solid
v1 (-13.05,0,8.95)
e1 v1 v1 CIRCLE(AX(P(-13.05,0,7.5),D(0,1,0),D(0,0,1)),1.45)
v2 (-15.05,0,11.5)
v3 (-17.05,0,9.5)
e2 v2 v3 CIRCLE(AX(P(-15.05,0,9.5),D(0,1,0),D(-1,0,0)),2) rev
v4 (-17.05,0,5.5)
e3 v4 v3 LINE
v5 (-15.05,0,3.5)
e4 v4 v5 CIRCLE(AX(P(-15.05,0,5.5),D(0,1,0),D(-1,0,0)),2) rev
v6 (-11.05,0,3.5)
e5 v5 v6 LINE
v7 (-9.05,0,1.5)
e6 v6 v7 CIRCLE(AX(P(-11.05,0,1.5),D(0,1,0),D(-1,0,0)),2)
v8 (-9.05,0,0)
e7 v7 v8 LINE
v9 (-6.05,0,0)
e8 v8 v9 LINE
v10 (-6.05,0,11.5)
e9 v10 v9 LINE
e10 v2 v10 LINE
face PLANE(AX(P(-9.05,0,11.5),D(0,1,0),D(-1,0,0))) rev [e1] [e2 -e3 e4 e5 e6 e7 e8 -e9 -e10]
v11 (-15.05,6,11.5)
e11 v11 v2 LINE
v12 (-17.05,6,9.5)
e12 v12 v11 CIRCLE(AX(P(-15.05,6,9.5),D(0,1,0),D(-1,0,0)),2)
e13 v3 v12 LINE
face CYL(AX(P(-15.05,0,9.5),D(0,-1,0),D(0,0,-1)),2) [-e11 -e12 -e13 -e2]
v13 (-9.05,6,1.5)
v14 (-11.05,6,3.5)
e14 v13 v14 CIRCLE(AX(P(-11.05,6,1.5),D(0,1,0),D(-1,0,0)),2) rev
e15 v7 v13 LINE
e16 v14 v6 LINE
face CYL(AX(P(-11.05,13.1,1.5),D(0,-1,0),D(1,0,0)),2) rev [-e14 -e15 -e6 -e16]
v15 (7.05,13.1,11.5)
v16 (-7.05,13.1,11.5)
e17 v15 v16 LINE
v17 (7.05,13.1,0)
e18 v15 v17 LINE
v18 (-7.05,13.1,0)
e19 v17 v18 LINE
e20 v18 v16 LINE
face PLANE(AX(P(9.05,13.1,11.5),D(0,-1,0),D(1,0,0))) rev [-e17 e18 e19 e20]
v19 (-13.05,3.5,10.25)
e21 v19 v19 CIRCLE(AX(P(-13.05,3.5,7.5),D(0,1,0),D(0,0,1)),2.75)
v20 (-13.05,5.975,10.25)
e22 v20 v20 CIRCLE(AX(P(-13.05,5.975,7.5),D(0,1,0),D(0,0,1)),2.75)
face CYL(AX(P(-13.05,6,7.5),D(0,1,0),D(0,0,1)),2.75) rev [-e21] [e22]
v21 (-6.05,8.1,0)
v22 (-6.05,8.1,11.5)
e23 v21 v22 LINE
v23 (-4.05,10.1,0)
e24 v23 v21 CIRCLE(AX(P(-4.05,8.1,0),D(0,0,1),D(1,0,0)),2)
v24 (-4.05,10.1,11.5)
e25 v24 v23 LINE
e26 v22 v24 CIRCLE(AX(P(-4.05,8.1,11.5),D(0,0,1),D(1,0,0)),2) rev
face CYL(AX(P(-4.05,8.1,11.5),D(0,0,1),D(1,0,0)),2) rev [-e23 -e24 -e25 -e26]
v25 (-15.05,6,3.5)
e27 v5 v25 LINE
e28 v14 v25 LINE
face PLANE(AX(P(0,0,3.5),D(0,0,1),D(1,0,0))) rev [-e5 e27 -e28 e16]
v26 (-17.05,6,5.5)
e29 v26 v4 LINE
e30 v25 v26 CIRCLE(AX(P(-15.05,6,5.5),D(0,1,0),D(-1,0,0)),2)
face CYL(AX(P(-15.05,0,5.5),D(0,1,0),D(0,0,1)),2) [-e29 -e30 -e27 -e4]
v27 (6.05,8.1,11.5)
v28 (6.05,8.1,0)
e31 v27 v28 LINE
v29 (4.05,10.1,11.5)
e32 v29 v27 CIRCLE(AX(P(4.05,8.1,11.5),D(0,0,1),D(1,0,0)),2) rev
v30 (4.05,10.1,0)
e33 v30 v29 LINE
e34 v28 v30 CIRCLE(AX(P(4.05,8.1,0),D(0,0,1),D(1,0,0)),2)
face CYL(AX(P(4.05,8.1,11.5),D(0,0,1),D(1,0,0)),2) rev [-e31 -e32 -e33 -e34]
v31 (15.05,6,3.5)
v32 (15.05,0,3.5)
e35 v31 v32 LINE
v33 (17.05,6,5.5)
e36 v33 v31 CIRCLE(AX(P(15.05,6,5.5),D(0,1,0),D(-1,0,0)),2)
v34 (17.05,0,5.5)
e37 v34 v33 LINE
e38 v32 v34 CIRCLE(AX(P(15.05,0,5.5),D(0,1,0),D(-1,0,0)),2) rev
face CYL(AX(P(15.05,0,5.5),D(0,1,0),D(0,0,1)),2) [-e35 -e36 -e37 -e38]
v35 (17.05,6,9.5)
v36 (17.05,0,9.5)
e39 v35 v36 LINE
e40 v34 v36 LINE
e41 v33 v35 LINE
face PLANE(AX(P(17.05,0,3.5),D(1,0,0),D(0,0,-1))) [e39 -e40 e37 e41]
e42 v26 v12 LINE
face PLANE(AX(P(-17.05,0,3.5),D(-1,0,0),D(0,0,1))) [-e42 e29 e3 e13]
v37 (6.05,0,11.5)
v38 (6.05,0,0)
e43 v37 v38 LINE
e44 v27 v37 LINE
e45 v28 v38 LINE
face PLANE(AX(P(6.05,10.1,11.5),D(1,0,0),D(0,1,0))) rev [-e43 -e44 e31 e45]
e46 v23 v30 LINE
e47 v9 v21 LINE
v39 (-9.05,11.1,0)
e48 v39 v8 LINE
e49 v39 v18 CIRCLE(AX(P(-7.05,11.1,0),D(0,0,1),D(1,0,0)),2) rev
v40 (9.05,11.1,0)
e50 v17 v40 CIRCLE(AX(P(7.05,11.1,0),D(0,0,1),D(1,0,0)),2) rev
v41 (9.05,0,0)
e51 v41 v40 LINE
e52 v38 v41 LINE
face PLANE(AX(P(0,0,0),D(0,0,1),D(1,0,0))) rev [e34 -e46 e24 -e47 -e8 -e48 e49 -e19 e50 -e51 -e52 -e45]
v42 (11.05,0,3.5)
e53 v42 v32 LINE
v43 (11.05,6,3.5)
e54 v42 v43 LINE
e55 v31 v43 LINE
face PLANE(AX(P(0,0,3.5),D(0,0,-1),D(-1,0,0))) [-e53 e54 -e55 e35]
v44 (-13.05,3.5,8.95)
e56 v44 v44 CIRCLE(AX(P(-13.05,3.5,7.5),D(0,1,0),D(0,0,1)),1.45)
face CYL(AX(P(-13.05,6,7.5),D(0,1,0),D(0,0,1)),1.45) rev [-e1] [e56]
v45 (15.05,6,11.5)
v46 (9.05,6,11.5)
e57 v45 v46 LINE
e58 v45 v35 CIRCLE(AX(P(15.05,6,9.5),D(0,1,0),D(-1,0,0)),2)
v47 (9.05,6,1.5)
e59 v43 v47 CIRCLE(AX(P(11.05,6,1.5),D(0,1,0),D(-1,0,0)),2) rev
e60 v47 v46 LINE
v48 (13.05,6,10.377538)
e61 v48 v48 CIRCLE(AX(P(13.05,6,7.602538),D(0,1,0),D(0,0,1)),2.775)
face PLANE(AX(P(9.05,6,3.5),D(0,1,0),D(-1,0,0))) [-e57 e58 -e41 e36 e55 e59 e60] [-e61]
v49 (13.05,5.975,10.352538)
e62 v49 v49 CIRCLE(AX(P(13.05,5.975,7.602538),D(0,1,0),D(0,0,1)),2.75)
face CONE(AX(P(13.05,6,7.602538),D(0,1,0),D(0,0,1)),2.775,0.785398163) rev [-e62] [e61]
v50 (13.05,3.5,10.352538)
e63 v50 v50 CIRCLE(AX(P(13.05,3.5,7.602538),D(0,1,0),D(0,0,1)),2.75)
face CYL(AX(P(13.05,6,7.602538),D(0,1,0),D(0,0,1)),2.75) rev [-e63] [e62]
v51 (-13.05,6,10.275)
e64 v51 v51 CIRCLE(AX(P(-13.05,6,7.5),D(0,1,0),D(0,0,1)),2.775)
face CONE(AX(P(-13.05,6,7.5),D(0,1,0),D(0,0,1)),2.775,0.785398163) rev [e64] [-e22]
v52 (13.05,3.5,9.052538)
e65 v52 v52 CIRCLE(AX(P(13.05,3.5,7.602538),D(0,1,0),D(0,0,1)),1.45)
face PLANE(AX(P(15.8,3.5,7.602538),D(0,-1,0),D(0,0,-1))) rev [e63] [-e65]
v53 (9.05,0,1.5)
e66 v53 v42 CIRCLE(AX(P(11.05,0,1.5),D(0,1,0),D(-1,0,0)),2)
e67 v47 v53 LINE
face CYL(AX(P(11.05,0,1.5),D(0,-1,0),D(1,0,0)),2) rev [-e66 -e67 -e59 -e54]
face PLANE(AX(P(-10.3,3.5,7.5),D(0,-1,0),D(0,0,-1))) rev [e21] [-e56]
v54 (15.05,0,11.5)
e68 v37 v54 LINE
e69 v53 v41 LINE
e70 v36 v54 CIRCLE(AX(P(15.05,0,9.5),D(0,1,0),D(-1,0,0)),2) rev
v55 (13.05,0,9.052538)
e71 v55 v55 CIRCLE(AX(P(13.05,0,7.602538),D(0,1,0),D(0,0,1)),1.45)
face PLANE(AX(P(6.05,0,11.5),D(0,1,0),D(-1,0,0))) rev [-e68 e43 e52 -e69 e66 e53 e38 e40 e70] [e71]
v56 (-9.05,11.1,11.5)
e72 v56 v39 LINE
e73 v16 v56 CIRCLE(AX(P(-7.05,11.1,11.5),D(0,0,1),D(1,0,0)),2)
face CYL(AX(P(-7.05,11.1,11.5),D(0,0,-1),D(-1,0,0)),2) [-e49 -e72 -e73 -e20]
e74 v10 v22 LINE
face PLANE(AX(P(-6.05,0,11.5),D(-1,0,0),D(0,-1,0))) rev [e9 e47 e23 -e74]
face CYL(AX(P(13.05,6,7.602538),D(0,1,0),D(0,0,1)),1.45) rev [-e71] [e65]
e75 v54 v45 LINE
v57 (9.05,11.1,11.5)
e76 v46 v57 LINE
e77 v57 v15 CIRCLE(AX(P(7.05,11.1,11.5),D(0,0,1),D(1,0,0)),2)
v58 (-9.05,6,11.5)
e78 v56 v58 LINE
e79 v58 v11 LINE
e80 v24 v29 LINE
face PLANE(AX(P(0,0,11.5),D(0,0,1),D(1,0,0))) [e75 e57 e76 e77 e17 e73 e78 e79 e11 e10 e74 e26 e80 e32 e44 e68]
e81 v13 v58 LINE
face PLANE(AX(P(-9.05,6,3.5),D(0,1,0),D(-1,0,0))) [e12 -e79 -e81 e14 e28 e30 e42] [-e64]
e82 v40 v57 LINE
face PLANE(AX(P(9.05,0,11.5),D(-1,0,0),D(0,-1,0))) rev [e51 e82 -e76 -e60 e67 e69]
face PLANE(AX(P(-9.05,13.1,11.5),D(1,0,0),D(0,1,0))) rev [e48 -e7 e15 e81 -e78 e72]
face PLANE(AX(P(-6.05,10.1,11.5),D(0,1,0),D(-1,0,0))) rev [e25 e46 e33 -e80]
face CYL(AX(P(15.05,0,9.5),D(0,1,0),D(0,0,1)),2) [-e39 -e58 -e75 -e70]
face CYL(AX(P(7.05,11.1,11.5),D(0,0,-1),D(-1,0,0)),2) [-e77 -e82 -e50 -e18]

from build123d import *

# Parameters (mm, degrees)
BOSS_EXTRUDE1_DEPTH             = 11.5
SKETCH2_W                       = 8
SKETCH2_H                       = 6
BOSS_EXTRUDE2_DEPTH             = 8
CBORE_FOR_M2_5_SHCS1_AT_2_COUNT = 2
CBORE_FOR_M2_5_SHCS1_AT_2_PITCH = 26.100201416
FILLET2_R                       = 2


with BuildPart() as part:
    # Sketch1 → Boss-Extrude1 (new body)
    with BuildSketch(Plane.XY):
        Polygon((-9.05, 0), (-6.05, 0), (-6.05, 10.1), (6.05, 10.1), (6.05, 0), (9.05, 0), (9.05, 13.1), (-9.05, 13.1), align=None)
    extrude(amount=BOSS_EXTRUDE1_DEPTH)

    # Sketch2 → Boss-Extrude2 (add)
    with BuildSketch(Plane.XY.offset(11.5)):
        with Locations((-13.05, 3)):
            Rectangle(SKETCH2_W, SKETCH2_H)
        with Locations((13.05, 3)):
            Rectangle(SKETCH2_W, SKETCH2_H)
    extrude(amount=-BOSS_EXTRUDE2_DEPTH)

    # Sketch4 → CBORE for M2.5 SHCS1 (revolve, cut)
    with BuildSketch(Plane(origin=(-13.05, 6, 7.5), x_dir=(0, 0, 1), z_dir=(1, 0, 0))):
        Polygon((0, 0), (0, 6), (1.45, 6), (1.45, 2.5), (2.75, 2.5), (2.75, 0.025), (2.775, 0), align=None)
    cbore_for_m2_5_shcs1 = revolve(axis=Axis((-13.05, 12.35, 7.5), (0, -1, 0)), mode=Mode.SUBTRACT)

    # CBORE for M2.5 SHCS1 at 2: CBORE for M2.5 SHCS1 ×2
    with Locations(*[Vector(0.999992282957316, 0, 0.003928616272342698) * (i * CBORE_FOR_M2_5_SHCS1_AT_2_PITCH) for i in range(1, CBORE_FOR_M2_5_SHCS1_AT_2_COUNT)]):
        add(cbore_for_m2_5_shcs1, mode=Mode.SUBTRACT)

    # Fillet2
    fillet2_edges = [part.edges().sort_by_distance(p)[0] for p in [
        (-9.05, 13.1, 5.75),
        (9.05, 13.1, 5.75),
        (6.05, 10.1, 5.75),
        (-6.05, 10.1, 5.75),
        (-9.05, 3, 3.5),
        (-17.05, 3, 3.5),
        (-17.05, 3, 11.5),
        (9.05, 3, 3.5),
        (17.05, 3, 3.5),
        (17.05, 3, 11.5),
    ]]
    fillet(fillet2_edges, radius=FILLET2_R)


solid = part.part
